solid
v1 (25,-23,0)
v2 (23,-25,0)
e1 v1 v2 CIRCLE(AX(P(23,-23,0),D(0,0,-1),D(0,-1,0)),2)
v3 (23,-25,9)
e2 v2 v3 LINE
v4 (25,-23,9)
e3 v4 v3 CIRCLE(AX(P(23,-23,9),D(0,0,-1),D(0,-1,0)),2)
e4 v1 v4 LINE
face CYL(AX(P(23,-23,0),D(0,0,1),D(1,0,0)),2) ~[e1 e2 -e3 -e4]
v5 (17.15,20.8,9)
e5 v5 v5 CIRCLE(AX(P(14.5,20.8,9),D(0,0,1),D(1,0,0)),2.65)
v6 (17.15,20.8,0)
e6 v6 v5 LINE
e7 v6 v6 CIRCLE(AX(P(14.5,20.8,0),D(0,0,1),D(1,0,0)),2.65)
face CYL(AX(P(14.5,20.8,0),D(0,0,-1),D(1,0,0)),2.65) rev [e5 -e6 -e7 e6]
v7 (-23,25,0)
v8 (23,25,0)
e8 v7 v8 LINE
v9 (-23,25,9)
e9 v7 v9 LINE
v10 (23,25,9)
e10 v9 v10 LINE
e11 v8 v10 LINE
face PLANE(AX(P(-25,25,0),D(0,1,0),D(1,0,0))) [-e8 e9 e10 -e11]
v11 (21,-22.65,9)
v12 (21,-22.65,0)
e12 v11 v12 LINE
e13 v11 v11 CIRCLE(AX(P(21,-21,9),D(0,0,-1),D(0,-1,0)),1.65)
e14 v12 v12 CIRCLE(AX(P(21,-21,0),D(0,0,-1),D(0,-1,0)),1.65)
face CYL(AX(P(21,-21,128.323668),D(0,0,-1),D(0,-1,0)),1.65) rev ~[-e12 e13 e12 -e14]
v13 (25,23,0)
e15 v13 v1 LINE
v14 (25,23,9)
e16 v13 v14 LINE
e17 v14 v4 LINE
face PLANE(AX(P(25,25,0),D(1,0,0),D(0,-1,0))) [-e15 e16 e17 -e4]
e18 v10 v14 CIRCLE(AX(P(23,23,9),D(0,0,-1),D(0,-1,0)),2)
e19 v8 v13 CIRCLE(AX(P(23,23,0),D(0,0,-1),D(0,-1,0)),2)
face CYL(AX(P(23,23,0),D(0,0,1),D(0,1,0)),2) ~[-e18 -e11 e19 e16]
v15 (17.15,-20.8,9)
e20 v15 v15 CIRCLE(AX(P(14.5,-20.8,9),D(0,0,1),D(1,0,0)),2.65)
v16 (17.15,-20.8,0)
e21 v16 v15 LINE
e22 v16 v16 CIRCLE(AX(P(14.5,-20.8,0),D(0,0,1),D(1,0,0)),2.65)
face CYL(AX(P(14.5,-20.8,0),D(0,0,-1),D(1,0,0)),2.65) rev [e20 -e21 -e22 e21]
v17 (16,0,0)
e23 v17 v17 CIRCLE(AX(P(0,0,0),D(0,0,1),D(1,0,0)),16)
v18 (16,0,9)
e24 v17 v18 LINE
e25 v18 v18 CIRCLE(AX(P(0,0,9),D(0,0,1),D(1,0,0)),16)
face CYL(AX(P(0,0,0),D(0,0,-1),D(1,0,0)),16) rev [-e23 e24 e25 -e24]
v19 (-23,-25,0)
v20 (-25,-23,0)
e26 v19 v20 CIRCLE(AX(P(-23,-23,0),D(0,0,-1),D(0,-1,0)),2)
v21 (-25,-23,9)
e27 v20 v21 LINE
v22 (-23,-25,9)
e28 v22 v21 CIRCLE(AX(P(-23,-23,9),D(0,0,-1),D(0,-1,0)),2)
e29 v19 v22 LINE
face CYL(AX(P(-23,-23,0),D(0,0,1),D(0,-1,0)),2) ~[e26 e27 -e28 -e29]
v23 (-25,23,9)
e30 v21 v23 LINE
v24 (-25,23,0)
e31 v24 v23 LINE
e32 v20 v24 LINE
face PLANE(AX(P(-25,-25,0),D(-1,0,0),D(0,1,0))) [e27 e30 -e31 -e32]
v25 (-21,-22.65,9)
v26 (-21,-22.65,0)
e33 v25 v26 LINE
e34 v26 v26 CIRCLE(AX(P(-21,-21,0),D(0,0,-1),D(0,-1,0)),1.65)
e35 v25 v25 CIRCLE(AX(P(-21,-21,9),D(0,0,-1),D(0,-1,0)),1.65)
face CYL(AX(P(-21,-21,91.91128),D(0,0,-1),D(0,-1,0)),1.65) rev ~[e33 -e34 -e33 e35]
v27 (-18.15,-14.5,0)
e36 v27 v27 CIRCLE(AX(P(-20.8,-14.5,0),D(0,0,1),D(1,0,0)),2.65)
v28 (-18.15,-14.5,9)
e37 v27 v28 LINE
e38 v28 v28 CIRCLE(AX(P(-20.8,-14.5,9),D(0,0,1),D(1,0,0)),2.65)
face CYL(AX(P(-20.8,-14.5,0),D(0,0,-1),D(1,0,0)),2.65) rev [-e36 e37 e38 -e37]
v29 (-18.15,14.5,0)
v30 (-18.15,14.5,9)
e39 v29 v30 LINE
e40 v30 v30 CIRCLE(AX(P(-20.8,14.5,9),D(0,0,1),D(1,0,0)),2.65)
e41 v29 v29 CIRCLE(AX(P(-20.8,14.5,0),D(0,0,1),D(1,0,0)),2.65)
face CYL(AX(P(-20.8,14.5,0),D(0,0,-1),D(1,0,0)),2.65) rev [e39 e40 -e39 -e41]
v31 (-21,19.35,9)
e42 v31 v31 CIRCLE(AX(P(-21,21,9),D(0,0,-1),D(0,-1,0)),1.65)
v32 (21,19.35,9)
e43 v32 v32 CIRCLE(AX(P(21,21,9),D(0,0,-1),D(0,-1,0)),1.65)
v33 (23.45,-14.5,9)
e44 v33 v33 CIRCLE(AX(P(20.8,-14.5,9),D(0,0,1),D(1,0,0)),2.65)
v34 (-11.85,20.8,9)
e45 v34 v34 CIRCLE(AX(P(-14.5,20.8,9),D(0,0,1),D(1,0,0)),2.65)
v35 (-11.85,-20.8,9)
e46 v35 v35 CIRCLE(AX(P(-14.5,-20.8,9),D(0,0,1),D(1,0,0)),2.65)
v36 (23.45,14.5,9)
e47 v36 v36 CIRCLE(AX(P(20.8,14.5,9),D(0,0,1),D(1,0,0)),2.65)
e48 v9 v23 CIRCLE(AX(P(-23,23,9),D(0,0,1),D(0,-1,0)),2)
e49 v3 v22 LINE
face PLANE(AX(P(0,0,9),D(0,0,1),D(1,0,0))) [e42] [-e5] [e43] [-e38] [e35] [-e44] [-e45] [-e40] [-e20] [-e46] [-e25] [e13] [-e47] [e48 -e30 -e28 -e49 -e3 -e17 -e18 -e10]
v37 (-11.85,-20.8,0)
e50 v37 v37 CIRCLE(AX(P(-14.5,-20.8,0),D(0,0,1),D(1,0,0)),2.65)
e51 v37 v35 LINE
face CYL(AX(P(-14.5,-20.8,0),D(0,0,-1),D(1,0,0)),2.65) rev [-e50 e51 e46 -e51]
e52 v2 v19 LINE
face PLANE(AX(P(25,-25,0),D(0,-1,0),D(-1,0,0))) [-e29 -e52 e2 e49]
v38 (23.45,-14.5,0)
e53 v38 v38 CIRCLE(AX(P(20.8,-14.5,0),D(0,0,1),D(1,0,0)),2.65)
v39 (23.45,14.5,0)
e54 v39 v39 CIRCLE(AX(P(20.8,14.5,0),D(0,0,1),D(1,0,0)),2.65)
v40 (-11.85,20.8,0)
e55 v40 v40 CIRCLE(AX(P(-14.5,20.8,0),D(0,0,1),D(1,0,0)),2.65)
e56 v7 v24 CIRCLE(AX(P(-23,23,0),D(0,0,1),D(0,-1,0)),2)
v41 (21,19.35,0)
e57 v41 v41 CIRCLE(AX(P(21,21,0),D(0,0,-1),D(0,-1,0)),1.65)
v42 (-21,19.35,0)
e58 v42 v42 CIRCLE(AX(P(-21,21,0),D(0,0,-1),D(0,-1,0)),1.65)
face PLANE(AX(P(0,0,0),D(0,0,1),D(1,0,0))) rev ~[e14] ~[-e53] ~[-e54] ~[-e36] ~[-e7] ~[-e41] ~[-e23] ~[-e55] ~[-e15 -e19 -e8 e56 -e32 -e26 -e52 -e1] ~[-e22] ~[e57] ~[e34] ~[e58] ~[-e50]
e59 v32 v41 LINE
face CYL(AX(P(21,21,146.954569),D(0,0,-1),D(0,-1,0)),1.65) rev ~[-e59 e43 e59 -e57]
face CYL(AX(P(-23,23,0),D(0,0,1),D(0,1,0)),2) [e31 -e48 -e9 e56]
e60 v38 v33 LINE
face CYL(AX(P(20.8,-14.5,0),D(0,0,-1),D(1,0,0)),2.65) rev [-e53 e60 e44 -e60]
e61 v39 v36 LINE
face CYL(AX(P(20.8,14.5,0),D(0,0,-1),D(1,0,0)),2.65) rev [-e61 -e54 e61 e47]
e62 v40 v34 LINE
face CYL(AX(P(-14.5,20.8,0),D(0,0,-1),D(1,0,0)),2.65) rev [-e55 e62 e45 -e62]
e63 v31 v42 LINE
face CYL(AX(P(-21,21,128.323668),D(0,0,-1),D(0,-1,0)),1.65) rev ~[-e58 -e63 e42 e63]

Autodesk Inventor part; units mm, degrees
ref_plane "YZ Plane" through (0, 0, 0) normal (1, 0, 0) x (0, 1, 0)
ref_plane "XZ Plane" through (0, 0, 0) normal (0, 1, 0) x (-1, 0, 0)
ref_plane "XY Plane" through (0, 0, 0) normal (0, 0, 1) x (1, 0, 0)
sketch "Sketch1" plane through (0, 0, 0) normal (0, 0, 1) x (1, 0, 0)
  line L0 (-25, 25) -> (25, 25)
  line L1 (25, 25) -> (25, -25)
  line L2 (25, -25) -> (-25, -25)
  line L3 (-25, -25) -> (-25, 25)
  line L4 (-25, 25) -> (25, -25) construction
  line L5 (25, 25) -> (-25, -25) construction
  circle A0 centre (0, 0) radius 16
  circle A1 centre (-20.8, -14.5) radius 2.65
  circle A2 centre (-14.5, -20.8) radius 2.65
  circle A3 centre (-20.8, 14.5) radius 2.65
  circle A4 centre (20.8, -14.5) radius 2.65
  circle A5 centre (20.8, 14.5) radius 2.65
  circle A6 centre (-14.5, 20.8) radius 2.65
  circle A7 centre (14.5, -20.8) radius 2.65
  circle A8 centre (14.5, 20.8) radius 2.65
  dimension "d0" = 50
  dimension "d1" = 50
  dimension "d2" = 32
  dimension "d5" = 5.3
  dimension "d6" = 4.2
  dimension "d8" = 10.5
  dimension "d11" = 29
  dimension "d14" = 41.6
extrude "Extrusion1" add sketch "Sketch1" along normal blind 9
fillet "Fillet1" radius 2 4 edges at (-25, 25, 4.5) (25, 25, 4.5) (-25, -25, 4.5) (25, -25, 4.5)
sketch "Sketch2" plane through (0, 0, 9) normal (0, 0, 1) x (1, 0, 0)
  arc A0 (23, -25) -> (25, -23) centre (23, -23) ccw projected
  line L0 (25, -23) -> (25, 23) projected
  arc A1 (25, 23) -> (23, 25) centre (23, 23) ccw projected
  line L1 (23, 25) -> (-23, 25) projected
  arc A2 (-23, 25) -> (-25, 23) centre (-23, 23) ccw projected
  line L2 (-25, 23) -> (-25, -23) projected
  arc A3 (-25, -23) -> (-23, -25) centre (-23, -23) ccw projected
  line L3 (-23, -25) -> (23, -25) projected
  circle A4 centre (14.5, 20.8) radius 2.65 projected
  circle A5 centre (-14.5, 20.8) radius 2.65 projected
  circle A6 centre (14.5, -20.8) radius 2.65 projected
  circle A7 centre (20.8, 14.5) radius 2.65 projected
  circle A8 centre (20.8, -14.5) radius 2.65 projected
  circle A9 centre (-20.8, 14.5) radius 2.65 projected
  circle A10 centre (-14.5, -20.8) radius 2.65 projected
  circle A11 centre (-20.8, -14.5) radius 2.65 projected
  circle A12 centre (0, 0) radius 16 projected
  line L4 (21, -21) -> (-21, -21)
  line L5 (-21, -21) -> (-21, 21)
  line L6 (-21, 21) -> (21, 21)
  line L7 (21, 21) -> (21, -21)
  line L8 (21, -21) -> (-21, 21) construction
  line L9 (-21, -21) -> (21, 21) construction
  circle A13 centre (-28.6, 21.06) radius 1.55 projected
  dimension "d18" = 42
  dimension "d19" = 42
hole "Hole1" at (-21, 21, 9) at (21, 21, 9) at (21, -21, 9) at (-21, -21, 9) direction (0, 0, -1) diameter 3.3 end through all both
properties part number "20_IM_LED_holder"
